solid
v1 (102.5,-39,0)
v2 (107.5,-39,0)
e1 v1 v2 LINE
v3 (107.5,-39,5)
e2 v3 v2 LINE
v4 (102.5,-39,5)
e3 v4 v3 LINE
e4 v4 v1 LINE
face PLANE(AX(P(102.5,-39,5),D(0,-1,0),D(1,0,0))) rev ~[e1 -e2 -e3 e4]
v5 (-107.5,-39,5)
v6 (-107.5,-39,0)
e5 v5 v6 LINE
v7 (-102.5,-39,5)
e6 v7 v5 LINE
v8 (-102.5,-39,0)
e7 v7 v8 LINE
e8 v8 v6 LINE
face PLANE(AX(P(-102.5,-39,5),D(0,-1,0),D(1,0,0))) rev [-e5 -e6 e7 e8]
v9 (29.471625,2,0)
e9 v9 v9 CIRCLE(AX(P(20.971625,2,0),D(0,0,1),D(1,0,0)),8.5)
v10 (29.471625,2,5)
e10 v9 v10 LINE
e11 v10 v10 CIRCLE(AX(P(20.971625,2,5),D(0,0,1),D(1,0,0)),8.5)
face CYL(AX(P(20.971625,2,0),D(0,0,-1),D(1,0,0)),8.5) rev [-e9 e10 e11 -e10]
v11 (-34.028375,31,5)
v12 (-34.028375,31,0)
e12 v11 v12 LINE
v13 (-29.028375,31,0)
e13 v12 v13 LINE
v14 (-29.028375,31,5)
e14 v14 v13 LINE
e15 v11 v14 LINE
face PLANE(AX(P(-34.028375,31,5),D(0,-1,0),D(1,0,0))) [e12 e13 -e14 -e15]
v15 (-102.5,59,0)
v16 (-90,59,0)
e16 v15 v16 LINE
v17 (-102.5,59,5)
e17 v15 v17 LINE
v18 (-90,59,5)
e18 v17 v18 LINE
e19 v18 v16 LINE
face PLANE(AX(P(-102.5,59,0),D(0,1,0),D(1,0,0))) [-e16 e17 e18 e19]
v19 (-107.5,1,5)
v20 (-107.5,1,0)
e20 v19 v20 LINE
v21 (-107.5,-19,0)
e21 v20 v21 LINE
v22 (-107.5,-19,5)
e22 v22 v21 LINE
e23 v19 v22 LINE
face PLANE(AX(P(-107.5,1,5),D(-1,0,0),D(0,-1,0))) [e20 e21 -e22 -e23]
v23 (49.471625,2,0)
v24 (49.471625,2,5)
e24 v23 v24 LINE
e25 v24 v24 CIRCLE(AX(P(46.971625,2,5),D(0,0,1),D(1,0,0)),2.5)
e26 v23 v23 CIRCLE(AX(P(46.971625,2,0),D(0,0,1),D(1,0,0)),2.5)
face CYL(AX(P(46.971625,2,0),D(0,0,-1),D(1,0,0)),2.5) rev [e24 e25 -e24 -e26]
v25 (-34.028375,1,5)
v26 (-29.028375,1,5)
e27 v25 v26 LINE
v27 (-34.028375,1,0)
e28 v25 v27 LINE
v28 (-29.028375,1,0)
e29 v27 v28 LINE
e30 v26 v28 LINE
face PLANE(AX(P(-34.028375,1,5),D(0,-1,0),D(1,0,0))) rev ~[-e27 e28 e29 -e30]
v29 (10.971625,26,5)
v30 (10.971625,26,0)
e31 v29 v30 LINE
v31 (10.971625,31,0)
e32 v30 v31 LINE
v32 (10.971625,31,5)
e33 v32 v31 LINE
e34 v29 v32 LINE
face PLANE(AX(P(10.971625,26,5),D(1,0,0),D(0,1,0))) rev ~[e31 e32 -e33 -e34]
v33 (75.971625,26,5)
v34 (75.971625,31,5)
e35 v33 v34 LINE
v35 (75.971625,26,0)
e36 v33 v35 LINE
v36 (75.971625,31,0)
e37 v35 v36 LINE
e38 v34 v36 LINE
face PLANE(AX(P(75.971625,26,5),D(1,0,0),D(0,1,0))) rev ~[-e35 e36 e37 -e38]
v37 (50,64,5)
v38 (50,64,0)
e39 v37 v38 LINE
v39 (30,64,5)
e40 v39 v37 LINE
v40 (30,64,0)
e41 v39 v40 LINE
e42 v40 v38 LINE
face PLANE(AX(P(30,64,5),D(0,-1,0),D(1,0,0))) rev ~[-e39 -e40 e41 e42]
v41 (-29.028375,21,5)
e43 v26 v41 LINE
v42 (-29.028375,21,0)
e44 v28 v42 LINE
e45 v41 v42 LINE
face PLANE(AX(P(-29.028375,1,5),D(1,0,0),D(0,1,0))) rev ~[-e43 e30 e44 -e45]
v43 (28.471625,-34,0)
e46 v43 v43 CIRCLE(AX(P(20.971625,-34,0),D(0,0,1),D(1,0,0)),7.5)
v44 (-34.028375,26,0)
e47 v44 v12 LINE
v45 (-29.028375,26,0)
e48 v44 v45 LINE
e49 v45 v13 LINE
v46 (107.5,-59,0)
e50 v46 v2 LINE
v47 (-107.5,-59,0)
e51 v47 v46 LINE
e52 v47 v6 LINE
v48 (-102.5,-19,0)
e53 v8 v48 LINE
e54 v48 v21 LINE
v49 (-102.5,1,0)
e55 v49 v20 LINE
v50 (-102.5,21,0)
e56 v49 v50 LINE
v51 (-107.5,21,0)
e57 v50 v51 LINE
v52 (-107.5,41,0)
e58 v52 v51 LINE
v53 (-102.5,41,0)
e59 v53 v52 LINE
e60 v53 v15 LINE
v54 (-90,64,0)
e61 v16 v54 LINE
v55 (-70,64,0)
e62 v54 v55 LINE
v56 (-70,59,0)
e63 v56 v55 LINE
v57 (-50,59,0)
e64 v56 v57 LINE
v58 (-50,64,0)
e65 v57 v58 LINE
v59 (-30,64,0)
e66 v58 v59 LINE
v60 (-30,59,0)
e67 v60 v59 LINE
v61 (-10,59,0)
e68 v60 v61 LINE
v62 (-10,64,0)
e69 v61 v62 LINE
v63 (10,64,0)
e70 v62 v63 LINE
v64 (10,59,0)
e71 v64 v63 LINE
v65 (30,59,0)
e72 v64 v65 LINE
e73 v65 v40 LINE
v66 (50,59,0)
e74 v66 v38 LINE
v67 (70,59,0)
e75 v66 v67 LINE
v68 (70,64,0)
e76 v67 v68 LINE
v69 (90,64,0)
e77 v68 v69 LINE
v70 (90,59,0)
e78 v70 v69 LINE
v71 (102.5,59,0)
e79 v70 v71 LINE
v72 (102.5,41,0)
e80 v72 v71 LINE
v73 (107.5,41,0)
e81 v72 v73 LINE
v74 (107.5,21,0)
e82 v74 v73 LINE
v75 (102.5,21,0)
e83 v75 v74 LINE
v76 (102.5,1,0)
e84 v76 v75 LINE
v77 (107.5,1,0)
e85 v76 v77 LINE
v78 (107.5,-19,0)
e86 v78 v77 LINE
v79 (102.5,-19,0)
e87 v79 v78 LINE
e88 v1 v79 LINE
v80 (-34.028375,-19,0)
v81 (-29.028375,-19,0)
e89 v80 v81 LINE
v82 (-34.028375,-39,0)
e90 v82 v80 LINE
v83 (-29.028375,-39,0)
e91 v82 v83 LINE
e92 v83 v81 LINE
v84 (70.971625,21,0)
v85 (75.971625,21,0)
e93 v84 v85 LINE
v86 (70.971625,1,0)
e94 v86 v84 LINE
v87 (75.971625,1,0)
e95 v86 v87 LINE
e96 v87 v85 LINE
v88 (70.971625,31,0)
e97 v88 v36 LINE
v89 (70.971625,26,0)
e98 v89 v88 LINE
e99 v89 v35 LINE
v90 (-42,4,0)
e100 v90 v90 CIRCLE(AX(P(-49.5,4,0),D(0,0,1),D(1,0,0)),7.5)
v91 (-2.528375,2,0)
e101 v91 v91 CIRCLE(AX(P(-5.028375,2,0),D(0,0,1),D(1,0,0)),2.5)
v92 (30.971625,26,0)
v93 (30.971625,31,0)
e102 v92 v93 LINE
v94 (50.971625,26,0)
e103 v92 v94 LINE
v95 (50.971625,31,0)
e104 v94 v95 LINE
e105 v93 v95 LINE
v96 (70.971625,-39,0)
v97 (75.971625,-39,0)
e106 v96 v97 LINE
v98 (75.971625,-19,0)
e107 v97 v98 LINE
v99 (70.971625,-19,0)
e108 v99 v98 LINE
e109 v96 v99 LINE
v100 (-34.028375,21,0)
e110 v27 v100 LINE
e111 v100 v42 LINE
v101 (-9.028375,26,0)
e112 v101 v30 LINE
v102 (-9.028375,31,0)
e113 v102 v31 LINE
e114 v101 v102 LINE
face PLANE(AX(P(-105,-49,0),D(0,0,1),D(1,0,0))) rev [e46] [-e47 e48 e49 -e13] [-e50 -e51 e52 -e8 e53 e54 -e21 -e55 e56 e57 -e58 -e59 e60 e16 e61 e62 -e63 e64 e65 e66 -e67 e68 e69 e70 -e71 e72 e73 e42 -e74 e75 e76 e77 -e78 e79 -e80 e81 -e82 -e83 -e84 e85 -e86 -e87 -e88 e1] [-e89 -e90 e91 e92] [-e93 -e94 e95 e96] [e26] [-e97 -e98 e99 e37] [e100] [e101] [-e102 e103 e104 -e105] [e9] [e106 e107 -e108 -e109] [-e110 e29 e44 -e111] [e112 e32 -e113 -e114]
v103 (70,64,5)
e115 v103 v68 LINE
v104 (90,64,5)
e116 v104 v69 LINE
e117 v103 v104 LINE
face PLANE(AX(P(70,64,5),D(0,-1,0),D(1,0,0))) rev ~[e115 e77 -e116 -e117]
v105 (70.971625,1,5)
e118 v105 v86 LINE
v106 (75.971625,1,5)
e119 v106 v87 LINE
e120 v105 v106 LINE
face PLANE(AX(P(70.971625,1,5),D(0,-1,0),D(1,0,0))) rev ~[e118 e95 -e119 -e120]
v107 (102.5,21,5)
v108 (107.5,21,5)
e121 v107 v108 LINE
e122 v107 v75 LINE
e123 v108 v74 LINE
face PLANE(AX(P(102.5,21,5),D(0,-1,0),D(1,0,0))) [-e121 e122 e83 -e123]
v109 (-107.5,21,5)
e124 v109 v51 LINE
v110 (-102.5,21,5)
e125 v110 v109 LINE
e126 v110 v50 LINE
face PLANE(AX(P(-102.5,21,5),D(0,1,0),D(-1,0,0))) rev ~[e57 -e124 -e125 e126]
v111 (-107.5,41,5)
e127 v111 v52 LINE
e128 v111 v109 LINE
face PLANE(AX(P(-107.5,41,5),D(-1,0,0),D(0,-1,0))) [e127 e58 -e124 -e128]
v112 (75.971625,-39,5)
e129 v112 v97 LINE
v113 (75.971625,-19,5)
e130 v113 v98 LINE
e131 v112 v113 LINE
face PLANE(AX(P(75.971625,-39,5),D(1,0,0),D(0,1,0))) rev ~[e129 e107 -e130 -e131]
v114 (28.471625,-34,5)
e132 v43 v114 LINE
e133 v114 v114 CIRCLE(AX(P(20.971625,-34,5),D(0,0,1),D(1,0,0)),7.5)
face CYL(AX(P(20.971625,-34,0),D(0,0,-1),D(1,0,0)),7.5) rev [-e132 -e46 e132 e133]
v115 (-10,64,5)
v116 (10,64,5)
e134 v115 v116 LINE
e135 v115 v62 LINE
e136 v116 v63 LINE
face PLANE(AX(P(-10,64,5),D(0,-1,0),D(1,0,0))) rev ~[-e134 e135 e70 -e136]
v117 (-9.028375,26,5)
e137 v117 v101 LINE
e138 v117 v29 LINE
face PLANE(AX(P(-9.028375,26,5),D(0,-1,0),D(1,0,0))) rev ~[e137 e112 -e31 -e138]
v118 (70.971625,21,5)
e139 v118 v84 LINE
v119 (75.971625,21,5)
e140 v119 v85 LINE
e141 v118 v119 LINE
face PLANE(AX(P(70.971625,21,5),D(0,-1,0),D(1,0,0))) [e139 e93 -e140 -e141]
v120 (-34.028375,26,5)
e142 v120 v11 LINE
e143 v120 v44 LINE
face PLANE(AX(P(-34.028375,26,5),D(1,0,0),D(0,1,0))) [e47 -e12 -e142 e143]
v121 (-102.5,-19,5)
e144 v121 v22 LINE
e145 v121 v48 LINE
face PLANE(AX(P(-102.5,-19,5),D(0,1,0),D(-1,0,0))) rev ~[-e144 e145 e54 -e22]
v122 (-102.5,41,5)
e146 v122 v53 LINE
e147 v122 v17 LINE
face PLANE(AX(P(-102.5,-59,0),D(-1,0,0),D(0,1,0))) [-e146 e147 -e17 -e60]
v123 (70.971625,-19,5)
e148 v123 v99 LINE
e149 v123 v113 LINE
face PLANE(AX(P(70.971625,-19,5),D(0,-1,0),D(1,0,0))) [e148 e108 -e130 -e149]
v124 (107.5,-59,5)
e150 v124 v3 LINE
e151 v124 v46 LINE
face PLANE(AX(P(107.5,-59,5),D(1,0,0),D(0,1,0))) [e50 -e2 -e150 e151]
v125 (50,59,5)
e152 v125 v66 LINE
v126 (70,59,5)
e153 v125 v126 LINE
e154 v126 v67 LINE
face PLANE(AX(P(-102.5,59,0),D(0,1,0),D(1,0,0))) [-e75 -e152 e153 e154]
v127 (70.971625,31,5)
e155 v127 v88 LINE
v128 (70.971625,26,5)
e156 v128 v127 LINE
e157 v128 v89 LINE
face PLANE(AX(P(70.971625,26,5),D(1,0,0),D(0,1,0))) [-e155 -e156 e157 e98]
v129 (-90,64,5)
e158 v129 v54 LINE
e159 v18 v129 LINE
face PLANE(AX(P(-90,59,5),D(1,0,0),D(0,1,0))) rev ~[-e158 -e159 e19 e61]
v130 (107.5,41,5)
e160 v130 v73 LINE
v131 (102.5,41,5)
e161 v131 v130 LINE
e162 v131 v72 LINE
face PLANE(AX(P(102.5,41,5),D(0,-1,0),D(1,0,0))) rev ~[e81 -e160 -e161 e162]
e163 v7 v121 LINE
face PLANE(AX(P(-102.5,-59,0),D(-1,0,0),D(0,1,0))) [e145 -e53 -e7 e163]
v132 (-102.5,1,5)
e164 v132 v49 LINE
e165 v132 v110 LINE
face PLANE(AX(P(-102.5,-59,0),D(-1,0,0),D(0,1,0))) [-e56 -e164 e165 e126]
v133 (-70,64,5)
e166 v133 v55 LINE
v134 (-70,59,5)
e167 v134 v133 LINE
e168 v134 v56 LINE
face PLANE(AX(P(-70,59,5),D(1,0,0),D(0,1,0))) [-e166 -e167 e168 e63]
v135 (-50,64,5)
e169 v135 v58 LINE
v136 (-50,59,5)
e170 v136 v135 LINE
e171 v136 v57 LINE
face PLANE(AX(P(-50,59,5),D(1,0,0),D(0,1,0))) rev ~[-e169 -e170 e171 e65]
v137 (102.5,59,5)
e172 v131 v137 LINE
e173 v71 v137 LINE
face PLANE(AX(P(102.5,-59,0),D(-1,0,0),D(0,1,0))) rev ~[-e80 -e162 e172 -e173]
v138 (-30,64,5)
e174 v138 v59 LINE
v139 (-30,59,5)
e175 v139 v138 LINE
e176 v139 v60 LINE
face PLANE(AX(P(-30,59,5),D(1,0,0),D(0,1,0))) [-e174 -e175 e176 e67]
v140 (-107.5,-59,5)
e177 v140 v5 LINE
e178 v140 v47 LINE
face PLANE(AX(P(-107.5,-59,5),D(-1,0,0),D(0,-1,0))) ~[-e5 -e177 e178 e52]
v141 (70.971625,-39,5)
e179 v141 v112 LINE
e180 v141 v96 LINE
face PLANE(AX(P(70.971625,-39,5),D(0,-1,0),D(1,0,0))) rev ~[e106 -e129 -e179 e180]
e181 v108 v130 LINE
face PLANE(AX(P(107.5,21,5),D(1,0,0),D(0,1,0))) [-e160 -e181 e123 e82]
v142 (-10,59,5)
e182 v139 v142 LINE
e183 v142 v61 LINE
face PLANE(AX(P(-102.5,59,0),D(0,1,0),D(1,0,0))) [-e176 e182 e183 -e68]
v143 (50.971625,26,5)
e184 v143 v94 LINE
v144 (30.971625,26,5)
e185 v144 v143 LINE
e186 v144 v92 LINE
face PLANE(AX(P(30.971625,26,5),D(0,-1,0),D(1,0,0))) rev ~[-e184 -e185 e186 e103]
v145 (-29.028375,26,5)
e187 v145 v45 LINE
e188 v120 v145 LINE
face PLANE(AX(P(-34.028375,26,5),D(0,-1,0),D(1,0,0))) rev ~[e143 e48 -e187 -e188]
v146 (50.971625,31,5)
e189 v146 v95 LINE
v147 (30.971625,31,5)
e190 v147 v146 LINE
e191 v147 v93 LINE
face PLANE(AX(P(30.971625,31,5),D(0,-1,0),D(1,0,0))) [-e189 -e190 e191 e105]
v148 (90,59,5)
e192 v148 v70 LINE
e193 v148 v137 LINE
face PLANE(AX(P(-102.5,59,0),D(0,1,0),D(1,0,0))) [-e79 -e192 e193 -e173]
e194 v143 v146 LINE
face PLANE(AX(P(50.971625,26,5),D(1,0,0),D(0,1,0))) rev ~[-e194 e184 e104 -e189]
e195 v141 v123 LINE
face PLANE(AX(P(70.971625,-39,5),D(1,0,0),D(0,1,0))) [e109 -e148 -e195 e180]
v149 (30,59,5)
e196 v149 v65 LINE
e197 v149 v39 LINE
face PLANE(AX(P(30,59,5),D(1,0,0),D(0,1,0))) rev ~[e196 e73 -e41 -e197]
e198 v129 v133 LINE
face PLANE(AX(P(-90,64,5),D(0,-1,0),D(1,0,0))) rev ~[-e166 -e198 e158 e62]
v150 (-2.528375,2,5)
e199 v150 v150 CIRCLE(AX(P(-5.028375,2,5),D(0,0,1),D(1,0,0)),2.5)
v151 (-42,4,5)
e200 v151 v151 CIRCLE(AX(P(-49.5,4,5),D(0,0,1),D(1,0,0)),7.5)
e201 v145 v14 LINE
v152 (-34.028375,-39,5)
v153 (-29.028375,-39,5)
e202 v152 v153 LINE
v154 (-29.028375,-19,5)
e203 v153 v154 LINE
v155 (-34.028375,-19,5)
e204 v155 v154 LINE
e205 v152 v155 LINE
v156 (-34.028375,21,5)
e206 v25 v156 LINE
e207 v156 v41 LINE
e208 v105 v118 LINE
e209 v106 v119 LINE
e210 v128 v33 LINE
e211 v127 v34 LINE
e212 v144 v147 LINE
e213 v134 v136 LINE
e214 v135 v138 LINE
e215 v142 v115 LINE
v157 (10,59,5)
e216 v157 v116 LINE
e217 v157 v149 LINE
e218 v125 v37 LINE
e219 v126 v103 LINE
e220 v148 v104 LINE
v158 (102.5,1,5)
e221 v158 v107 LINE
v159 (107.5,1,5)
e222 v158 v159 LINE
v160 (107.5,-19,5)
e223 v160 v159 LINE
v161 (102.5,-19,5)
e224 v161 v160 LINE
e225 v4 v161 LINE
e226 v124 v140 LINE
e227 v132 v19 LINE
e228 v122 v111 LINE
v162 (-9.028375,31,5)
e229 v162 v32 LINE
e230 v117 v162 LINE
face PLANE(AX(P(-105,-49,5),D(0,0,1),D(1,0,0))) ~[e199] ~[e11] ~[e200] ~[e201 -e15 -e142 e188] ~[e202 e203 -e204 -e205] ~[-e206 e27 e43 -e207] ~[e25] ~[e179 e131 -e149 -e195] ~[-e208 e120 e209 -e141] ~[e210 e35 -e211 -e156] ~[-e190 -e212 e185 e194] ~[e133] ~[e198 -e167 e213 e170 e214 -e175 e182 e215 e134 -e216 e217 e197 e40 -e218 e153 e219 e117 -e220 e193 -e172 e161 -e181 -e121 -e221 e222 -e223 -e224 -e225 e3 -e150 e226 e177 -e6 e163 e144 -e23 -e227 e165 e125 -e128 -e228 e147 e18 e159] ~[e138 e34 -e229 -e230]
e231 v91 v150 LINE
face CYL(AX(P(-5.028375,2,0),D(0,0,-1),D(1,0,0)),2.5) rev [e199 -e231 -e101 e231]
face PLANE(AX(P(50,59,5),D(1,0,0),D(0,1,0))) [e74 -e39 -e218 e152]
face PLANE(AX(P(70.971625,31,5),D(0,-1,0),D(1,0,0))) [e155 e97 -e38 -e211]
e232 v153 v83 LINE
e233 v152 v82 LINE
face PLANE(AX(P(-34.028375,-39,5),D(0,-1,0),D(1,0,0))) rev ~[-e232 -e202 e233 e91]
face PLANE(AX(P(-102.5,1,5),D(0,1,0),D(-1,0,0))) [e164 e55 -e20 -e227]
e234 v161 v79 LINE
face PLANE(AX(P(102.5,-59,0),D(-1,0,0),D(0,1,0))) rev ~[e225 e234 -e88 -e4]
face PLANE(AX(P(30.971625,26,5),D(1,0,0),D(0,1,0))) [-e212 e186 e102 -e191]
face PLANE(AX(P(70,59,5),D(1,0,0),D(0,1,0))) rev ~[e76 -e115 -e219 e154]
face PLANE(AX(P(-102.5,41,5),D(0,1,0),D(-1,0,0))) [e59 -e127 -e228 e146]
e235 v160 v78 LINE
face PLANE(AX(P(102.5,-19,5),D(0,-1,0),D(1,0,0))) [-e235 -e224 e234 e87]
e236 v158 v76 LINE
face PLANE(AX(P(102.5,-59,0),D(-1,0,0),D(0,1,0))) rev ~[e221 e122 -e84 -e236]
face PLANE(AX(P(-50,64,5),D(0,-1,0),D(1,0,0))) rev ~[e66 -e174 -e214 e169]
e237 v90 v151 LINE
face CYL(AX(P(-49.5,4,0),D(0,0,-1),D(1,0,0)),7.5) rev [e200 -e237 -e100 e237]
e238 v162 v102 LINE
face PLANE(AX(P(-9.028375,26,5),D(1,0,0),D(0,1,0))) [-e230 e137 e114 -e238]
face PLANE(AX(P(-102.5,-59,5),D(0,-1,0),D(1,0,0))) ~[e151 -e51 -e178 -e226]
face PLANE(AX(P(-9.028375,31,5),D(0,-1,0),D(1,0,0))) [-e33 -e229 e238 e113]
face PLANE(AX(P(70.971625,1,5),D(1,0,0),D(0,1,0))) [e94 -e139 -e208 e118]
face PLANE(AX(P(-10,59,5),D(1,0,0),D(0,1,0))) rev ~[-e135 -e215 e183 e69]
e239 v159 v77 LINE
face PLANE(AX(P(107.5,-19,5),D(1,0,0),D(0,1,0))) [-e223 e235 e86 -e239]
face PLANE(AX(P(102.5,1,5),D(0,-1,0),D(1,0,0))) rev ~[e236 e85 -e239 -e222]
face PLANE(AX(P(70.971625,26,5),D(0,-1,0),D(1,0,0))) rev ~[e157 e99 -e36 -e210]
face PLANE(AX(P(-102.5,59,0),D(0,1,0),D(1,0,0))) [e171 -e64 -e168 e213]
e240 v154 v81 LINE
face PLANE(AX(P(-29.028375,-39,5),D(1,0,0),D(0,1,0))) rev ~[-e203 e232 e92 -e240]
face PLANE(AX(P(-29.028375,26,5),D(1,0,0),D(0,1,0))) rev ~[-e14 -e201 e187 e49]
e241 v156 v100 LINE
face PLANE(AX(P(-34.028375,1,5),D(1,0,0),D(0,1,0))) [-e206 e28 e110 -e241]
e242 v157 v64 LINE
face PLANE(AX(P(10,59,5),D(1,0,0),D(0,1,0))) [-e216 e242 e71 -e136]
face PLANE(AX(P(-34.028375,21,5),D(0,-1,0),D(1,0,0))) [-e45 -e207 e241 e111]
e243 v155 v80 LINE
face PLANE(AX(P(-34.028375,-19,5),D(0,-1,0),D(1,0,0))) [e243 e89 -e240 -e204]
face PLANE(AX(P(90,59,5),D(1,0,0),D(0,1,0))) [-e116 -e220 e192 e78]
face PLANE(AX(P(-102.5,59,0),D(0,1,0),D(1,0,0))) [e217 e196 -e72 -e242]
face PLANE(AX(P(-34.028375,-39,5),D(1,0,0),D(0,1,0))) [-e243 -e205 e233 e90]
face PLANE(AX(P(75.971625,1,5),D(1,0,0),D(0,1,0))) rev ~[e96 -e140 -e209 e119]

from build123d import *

# Parameters (mm, degrees)
SKETCH_1_W               = 205
SKETCH_1_H               = 118
SKETCH_1_R               = 8.5
SKETCH_1_R_2             = 7.5
SKETCH_1_R_3             = 2.5
EXTRUDE_1_DEPTH          = 5
SKETCH_2_W               = 5
SKETCH_2_H               = 20
EXTRUDE_2_DEPTH          = 5
PATTERN_LINEAR_2_COUNT   = 3
PATTERN_LINEAR_2_PITCH   = 40
MIRROR_2_COPY_1_SKETCH_W = 5
MIRROR_2_COPY_1_SKETCH_H = 20
MIRROR_2_COPY_1_DEPTH    = 5
MIRROR_2_COPY_2_SKETCH_W = 5
MIRROR_2_COPY_2_SKETCH_H = 20
MIRROR_2_COPY_2_DEPTH    = 5
SKETCH_3_W               = 20
SKETCH_3_H               = 5
EXTRUDE_3_DEPTH          = 5
PATTERN_LINEAR_3_COUNT   = 3
PATTERN_LINEAR_3_PITCH   = 40
PATTERN_LINEAR_4_COUNT   = 3
PATTERN_LINEAR_4_PITCH   = 40
SKETCH_5_W               = 5
SKETCH_5_H               = 20
CUT_EXTRUDE_1_DEPTH      = 5
PATTERN_LINEAR_5_COUNT   = 2
PATTERN_LINEAR_5_PITCH   = 40
SKETCH_5_3_W             = 20
SKETCH_5_3_H             = 5
CUT_EXTRUDE_2_DEPTH      = 5
PATTERN_LINEAR_6_COUNT   = 2
PATTERN_LINEAR_6_PITCH   = 40
SKETCH_6_W               = 5
SKETCH_6_H               = 5
CUT_EXTRUDE_3_DEPTH      = 5


with BuildPart() as part:
    # 스케치1 → 보스-돌출1 (new body)
    with BuildSketch(Plane.XY):
        Rectangle(SKETCH_1_W, SKETCH_1_H)
        with Locations((20.971625496, 2)):
            Circle(SKETCH_1_R, mode=Mode.SUBTRACT)
        with Locations((-49.5, 4)):
            Circle(SKETCH_1_R_2, mode=Mode.SUBTRACT)
        with Locations((-5.028374504, 2)):
            Circle(SKETCH_1_R_3, mode=Mode.SUBTRACT)
        with Locations((46.971625496, 2)):
            Circle(SKETCH_1_R_3, mode=Mode.SUBTRACT)
        with Locations((20.971625496, -34)):
            Circle(SKETCH_1_R_2, mode=Mode.SUBTRACT)
    extrude(amount=EXTRUDE_1_DEPTH)

    # 스케치2 → 보스-돌출2 (add)
    with BuildSketch(Plane.XY.offset(5)):
        with Locations((105, -49)):
            Rectangle(SKETCH_2_W, SKETCH_2_H)
    extrude_2 = extrude(amount=-EXTRUDE_2_DEPTH)

    # 선형 패턴2: 보스-돌출2 ×3
    with Locations(*[(0, i * PATTERN_LINEAR_2_PITCH, 0) for i in range(1, PATTERN_LINEAR_2_COUNT)]):
        add(extrude_2)

    # 대칭 복사2: 보스-돌출2 across plane
    add(extrude_2.mirror(Plane(origin=(0, 0, 0), x_dir=(0, 0, 1), z_dir=(1, 0, 0))))

    # 대칭 복사2 copy 1 sketch → 대칭 복사2 copy 1 (add)
    with BuildSketch(Plane(origin=(0, 40, 5), x_dir=(-1, 0, 0), z_dir=(0, 0, 1))):
        with Locations((105, 49)):
            Rectangle(MIRROR_2_COPY_1_SKETCH_W, MIRROR_2_COPY_1_SKETCH_H)
    extrude(amount=-MIRROR_2_COPY_1_DEPTH)

    # 대칭 복사2 copy 2 sketch → 대칭 복사2 copy 2 (add)
    with BuildSketch(Plane(origin=(0, 80, 5), x_dir=(-1, 0, 0), z_dir=(0, 0, 1))):
        with Locations((105, 49)):
            Rectangle(MIRROR_2_COPY_2_SKETCH_W, MIRROR_2_COPY_2_SKETCH_H)
    extrude(amount=-MIRROR_2_COPY_2_DEPTH)

    # 스케치3 → 보스-돌출3 (add)
    with BuildSketch(Plane.XY.offset(5)):
        with Locations((0, 61.5)):
            Rectangle(SKETCH_3_W, SKETCH_3_H)
    extrude_3 = extrude(amount=-EXTRUDE_3_DEPTH)

    # 선형 패턴3: 보스-돌출3 ×3
    with Locations(*[(i * PATTERN_LINEAR_3_PITCH, 0, 0) for i in range(1, PATTERN_LINEAR_3_COUNT)]):
        add(extrude_3)

    # 선형 패턴4: 보스-돌출3 ×3
    with Locations(*[(-i * PATTERN_LINEAR_4_PITCH, 0, 0) for i in range(1, PATTERN_LINEAR_4_COUNT)]):
        add(extrude_3)

    # 스케치5 → 컷-돌출1 (cut)
    with BuildSketch(Plane.XY.offset(5)):
        with Locations((73.471625496, -29)):
            Rectangle(SKETCH_5_W, SKETCH_5_H)
        with Locations((-31.528374504, -29)):
            Rectangle(SKETCH_5_W, SKETCH_5_H)
    cut_extrude_1 = extrude(amount=-CUT_EXTRUDE_1_DEPTH, mode=Mode.SUBTRACT)

    # 선형 패턴5: 컷-돌출1 ×2
    with Locations(*[(0, i * PATTERN_LINEAR_5_PITCH, 0) for i in range(1, PATTERN_LINEAR_5_COUNT)]):
        add(cut_extrude_1, mode=Mode.SUBTRACT)

    # 스케치5<3> → 컷-돌출2 (cut)
    with BuildSketch(Plane.XY.offset(5)):
        with Locations((40.971625496, 28.5)):
            Rectangle(SKETCH_5_3_W, SKETCH_5_3_H)
    cut_extrude_2 = extrude(amount=-CUT_EXTRUDE_2_DEPTH, mode=Mode.SUBTRACT)

    # 선형 패턴6: 컷-돌출2 ×2
    with Locations(*[(-i * PATTERN_LINEAR_6_PITCH, 0, 0) for i in range(1, PATTERN_LINEAR_6_COUNT)]):
        add(cut_extrude_2, mode=Mode.SUBTRACT)

    # 스케치6 → 컷-돌출3 (cut)
    with BuildSketch(Plane.XY.offset(5)):
        with Locations((73.471625496, 28.5)):
            Rectangle(SKETCH_6_W, SKETCH_6_H)
        with Locations((-31.528374504, 28.5)):
            Rectangle(SKETCH_6_W, SKETCH_6_H)
    extrude(amount=-CUT_EXTRUDE_3_DEPTH, mode=Mode.SUBTRACT)


solid = part.part
